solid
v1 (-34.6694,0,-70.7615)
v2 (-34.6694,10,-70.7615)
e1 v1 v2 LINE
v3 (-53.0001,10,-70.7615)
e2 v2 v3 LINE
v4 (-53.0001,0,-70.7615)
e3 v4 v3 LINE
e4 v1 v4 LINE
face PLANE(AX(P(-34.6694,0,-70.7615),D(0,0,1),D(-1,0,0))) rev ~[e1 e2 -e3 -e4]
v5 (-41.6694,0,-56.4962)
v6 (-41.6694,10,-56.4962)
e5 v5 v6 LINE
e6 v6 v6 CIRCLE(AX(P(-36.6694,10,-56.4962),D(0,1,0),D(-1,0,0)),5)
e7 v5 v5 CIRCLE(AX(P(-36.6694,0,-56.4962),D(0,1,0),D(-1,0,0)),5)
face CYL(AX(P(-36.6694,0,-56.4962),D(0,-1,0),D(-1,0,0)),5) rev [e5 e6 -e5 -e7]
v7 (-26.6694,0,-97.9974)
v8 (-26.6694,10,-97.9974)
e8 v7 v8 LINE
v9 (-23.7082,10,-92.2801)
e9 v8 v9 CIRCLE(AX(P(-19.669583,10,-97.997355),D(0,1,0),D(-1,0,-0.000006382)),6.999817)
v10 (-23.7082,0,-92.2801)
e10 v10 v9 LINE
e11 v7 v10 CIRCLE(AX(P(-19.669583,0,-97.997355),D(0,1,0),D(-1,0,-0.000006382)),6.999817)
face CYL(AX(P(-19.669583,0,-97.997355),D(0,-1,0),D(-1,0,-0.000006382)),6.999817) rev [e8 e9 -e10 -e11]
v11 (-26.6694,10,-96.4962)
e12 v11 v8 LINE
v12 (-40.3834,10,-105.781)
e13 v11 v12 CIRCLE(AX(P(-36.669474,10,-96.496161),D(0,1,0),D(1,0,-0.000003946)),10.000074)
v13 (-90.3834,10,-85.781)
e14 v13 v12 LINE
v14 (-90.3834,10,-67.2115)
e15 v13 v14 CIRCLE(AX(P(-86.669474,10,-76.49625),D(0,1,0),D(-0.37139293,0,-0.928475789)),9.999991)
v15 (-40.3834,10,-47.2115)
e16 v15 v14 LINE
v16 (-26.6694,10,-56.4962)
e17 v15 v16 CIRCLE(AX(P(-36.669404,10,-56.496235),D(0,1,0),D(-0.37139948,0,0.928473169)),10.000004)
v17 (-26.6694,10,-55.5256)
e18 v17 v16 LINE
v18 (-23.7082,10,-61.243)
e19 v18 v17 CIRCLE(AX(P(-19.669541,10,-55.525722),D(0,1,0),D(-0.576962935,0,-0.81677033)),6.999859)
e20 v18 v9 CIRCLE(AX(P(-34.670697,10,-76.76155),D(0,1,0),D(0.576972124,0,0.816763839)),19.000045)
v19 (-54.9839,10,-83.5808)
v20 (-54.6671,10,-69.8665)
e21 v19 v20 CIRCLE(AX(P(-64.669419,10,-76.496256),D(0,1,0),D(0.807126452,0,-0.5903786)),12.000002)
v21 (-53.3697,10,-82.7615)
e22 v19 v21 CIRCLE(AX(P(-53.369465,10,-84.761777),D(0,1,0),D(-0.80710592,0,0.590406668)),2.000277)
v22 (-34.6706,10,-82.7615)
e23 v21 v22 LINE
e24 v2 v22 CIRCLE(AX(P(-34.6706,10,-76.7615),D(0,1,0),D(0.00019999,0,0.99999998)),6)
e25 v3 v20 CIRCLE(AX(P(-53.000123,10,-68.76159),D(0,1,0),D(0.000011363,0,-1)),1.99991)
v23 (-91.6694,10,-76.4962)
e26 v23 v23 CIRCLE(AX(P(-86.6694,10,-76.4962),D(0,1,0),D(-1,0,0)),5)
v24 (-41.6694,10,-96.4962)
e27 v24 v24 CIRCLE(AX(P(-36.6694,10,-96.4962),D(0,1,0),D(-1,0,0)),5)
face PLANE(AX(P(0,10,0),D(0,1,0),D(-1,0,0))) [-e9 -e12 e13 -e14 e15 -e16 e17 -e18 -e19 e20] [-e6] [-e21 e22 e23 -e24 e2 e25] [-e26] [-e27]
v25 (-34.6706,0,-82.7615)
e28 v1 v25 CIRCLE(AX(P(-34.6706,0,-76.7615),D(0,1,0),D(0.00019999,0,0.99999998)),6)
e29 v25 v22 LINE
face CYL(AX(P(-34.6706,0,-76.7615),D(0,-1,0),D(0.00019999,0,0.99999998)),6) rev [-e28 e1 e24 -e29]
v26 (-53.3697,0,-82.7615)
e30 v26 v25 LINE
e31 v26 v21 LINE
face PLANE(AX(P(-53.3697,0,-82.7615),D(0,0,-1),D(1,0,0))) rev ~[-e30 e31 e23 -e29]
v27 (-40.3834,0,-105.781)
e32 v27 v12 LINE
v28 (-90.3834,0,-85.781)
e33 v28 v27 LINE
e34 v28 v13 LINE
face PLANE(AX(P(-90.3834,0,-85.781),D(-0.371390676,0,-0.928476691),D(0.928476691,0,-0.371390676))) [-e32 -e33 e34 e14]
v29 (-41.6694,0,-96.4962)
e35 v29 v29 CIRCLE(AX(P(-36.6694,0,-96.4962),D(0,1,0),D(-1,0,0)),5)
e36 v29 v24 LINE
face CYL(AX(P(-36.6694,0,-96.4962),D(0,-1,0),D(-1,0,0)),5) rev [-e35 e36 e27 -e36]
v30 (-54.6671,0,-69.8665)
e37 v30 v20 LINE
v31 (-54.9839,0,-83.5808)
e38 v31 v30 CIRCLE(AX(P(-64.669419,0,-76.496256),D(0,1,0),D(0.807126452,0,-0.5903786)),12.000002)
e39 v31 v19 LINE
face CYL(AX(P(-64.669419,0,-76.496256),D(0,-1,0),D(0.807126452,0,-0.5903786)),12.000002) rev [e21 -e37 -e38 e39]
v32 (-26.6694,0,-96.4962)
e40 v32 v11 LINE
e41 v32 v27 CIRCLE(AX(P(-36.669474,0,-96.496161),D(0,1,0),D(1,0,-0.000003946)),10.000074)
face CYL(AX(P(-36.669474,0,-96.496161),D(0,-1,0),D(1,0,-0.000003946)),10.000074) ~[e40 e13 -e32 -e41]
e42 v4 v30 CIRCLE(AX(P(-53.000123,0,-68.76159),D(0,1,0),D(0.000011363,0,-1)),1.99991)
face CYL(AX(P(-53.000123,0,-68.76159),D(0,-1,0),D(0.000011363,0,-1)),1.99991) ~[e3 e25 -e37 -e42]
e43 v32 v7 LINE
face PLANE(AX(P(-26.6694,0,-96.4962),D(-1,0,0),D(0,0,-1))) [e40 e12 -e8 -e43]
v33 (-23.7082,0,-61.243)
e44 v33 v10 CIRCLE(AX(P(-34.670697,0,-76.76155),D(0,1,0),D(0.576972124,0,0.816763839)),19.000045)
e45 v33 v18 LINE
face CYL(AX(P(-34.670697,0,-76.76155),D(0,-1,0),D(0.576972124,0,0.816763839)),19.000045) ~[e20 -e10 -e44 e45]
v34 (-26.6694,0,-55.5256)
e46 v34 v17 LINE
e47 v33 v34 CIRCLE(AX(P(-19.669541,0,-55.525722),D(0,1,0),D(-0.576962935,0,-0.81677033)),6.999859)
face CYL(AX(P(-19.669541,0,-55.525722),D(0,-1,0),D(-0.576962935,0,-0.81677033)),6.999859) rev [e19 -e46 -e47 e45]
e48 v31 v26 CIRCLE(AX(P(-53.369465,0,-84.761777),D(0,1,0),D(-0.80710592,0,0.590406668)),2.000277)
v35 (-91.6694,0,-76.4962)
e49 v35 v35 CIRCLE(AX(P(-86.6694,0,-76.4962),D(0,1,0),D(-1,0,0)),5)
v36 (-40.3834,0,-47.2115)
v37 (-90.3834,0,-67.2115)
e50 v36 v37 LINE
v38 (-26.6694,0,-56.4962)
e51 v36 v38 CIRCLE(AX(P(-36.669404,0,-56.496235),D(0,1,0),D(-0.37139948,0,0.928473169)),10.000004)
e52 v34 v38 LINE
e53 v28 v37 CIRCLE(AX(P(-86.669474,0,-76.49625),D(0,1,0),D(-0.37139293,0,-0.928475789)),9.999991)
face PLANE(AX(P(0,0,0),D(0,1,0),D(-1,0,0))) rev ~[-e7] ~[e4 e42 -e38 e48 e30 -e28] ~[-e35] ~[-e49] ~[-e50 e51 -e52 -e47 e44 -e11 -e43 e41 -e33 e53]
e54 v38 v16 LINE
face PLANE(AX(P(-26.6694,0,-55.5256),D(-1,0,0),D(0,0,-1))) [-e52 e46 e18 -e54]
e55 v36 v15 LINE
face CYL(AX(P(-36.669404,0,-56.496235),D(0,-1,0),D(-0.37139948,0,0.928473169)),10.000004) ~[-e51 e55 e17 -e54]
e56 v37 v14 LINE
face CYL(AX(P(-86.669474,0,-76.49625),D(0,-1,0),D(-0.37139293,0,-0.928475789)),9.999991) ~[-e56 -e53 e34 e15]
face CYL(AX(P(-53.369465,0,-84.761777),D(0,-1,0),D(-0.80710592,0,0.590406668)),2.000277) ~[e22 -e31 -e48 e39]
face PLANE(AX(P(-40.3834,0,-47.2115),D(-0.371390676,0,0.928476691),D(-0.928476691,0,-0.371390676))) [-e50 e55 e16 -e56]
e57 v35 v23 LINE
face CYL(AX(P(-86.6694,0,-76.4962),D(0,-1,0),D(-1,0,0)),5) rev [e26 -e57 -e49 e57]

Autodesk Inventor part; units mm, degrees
ref_plane "YZ Plane" through (0, 0, 0) normal (1, 0, 0) x (0, 1, 0)
ref_plane "XZ Plane" through (0, 0, 0) normal (0, 1, 0) x (-1, 0, 0)
ref_plane "XY Plane" through (0, 0, 0) normal (0, 0, 1) x (1, 0, 0)
sketch "Sketch1" plane through (0, 0, 0) normal (0, 1, 0) x (-1, 0, 0)
  arc A0 (90.3834, -85.781) -> (90.3834, -67.2115) centre (86.6694, -76.4962) ccw
  arc A1 (40.3834, -47.2115) -> (26.6694, -56.4962) centre (36.6694, -56.4962) ccw
  arc A2 (26.6694, -96.4962) -> (40.3834, -105.781) centre (36.6694, -96.4962) ccw
  line L0 (40.3834, -47.2115) -> (90.3834, -67.2115)
  line L1 (90.3834, -85.781) -> (40.3834, -105.781)
  circle A3 centre (86.6694, -76.4962) radius 5
  circle A4 centre (36.6694, -56.4962) radius 5
  circle A5 centre (36.6694, -96.4962) radius 5
  arc A6 (54.9839, -83.5808) -> (54.6671, -69.8665) centre (64.6694, -76.4962) ccw
  arc A7 (34.6694, -70.7615) -> (34.6706, -82.7615) centre (34.6706, -76.7615) ccw
  line L2 (34.6694, -70.7615) -> (53.0001, -70.7615)
  line L3 (53.3697, -82.7615) -> (34.6706, -82.7615)
  arc A8 (23.7082, -61.243) -> (23.7082, -92.2801) centre (34.6706, -76.7615) ccw
  line L4 (26.6694, -96.4962) -> (26.6694, -97.9974)
  line L5 (26.6694, -55.5256) -> (26.6694, -56.4962)
  arc A9 (23.7082, -61.243) -> (26.6694, -55.5256) centre (19.6694, -55.5256) ccw
  arc A10 (26.6694, -97.9974) -> (23.7082, -92.2801) centre (19.6694, -97.9974) ccw
  arc A11 (53.0001, -70.7615) -> (54.6671, -69.8665) centre (53.0001, -68.7615) ccw
  arc A12 (54.9839, -83.5808) -> (53.3697, -82.7615) centre (53.3697, -84.7615) ccw
  point P0 (0, 0)
  point P1 (54.4349, -82.7615)
  point P2 (54.1284, -70.7615)
  point P3 (26.6694, -59.5284)
  point P4 (26.6694, -93.9947)
  dimension "d0" = 50
  dimension "d1" = 0
  dimension "d2" = 20
  dimension "d3" = 20
  dimension "d4" = 20
  dimension "d5" = 40
  dimension "d6" = 20
  dimension "d7" = 10
  dimension "d8" = 10
  dimension "d9" = 10
  dimension "d10" = 12
  dimension "d11" = 30
  dimension "d12" = 6
  dimension "d13" = 0
  dimension "d14" = 22
  dimension "d16" = 7
  dimension "d17" = 7
  dimension "d18" = 2
extrude "Extrusion1" add sketch "Sketch1" along normal blind 10
equation "\"d3\" = d2"
equation "\"d4\" = d2"
equation "\"d6\" = 0.5 * d5"
equation "\"d8\" = d7"
equation "\"d9\" = d7"
